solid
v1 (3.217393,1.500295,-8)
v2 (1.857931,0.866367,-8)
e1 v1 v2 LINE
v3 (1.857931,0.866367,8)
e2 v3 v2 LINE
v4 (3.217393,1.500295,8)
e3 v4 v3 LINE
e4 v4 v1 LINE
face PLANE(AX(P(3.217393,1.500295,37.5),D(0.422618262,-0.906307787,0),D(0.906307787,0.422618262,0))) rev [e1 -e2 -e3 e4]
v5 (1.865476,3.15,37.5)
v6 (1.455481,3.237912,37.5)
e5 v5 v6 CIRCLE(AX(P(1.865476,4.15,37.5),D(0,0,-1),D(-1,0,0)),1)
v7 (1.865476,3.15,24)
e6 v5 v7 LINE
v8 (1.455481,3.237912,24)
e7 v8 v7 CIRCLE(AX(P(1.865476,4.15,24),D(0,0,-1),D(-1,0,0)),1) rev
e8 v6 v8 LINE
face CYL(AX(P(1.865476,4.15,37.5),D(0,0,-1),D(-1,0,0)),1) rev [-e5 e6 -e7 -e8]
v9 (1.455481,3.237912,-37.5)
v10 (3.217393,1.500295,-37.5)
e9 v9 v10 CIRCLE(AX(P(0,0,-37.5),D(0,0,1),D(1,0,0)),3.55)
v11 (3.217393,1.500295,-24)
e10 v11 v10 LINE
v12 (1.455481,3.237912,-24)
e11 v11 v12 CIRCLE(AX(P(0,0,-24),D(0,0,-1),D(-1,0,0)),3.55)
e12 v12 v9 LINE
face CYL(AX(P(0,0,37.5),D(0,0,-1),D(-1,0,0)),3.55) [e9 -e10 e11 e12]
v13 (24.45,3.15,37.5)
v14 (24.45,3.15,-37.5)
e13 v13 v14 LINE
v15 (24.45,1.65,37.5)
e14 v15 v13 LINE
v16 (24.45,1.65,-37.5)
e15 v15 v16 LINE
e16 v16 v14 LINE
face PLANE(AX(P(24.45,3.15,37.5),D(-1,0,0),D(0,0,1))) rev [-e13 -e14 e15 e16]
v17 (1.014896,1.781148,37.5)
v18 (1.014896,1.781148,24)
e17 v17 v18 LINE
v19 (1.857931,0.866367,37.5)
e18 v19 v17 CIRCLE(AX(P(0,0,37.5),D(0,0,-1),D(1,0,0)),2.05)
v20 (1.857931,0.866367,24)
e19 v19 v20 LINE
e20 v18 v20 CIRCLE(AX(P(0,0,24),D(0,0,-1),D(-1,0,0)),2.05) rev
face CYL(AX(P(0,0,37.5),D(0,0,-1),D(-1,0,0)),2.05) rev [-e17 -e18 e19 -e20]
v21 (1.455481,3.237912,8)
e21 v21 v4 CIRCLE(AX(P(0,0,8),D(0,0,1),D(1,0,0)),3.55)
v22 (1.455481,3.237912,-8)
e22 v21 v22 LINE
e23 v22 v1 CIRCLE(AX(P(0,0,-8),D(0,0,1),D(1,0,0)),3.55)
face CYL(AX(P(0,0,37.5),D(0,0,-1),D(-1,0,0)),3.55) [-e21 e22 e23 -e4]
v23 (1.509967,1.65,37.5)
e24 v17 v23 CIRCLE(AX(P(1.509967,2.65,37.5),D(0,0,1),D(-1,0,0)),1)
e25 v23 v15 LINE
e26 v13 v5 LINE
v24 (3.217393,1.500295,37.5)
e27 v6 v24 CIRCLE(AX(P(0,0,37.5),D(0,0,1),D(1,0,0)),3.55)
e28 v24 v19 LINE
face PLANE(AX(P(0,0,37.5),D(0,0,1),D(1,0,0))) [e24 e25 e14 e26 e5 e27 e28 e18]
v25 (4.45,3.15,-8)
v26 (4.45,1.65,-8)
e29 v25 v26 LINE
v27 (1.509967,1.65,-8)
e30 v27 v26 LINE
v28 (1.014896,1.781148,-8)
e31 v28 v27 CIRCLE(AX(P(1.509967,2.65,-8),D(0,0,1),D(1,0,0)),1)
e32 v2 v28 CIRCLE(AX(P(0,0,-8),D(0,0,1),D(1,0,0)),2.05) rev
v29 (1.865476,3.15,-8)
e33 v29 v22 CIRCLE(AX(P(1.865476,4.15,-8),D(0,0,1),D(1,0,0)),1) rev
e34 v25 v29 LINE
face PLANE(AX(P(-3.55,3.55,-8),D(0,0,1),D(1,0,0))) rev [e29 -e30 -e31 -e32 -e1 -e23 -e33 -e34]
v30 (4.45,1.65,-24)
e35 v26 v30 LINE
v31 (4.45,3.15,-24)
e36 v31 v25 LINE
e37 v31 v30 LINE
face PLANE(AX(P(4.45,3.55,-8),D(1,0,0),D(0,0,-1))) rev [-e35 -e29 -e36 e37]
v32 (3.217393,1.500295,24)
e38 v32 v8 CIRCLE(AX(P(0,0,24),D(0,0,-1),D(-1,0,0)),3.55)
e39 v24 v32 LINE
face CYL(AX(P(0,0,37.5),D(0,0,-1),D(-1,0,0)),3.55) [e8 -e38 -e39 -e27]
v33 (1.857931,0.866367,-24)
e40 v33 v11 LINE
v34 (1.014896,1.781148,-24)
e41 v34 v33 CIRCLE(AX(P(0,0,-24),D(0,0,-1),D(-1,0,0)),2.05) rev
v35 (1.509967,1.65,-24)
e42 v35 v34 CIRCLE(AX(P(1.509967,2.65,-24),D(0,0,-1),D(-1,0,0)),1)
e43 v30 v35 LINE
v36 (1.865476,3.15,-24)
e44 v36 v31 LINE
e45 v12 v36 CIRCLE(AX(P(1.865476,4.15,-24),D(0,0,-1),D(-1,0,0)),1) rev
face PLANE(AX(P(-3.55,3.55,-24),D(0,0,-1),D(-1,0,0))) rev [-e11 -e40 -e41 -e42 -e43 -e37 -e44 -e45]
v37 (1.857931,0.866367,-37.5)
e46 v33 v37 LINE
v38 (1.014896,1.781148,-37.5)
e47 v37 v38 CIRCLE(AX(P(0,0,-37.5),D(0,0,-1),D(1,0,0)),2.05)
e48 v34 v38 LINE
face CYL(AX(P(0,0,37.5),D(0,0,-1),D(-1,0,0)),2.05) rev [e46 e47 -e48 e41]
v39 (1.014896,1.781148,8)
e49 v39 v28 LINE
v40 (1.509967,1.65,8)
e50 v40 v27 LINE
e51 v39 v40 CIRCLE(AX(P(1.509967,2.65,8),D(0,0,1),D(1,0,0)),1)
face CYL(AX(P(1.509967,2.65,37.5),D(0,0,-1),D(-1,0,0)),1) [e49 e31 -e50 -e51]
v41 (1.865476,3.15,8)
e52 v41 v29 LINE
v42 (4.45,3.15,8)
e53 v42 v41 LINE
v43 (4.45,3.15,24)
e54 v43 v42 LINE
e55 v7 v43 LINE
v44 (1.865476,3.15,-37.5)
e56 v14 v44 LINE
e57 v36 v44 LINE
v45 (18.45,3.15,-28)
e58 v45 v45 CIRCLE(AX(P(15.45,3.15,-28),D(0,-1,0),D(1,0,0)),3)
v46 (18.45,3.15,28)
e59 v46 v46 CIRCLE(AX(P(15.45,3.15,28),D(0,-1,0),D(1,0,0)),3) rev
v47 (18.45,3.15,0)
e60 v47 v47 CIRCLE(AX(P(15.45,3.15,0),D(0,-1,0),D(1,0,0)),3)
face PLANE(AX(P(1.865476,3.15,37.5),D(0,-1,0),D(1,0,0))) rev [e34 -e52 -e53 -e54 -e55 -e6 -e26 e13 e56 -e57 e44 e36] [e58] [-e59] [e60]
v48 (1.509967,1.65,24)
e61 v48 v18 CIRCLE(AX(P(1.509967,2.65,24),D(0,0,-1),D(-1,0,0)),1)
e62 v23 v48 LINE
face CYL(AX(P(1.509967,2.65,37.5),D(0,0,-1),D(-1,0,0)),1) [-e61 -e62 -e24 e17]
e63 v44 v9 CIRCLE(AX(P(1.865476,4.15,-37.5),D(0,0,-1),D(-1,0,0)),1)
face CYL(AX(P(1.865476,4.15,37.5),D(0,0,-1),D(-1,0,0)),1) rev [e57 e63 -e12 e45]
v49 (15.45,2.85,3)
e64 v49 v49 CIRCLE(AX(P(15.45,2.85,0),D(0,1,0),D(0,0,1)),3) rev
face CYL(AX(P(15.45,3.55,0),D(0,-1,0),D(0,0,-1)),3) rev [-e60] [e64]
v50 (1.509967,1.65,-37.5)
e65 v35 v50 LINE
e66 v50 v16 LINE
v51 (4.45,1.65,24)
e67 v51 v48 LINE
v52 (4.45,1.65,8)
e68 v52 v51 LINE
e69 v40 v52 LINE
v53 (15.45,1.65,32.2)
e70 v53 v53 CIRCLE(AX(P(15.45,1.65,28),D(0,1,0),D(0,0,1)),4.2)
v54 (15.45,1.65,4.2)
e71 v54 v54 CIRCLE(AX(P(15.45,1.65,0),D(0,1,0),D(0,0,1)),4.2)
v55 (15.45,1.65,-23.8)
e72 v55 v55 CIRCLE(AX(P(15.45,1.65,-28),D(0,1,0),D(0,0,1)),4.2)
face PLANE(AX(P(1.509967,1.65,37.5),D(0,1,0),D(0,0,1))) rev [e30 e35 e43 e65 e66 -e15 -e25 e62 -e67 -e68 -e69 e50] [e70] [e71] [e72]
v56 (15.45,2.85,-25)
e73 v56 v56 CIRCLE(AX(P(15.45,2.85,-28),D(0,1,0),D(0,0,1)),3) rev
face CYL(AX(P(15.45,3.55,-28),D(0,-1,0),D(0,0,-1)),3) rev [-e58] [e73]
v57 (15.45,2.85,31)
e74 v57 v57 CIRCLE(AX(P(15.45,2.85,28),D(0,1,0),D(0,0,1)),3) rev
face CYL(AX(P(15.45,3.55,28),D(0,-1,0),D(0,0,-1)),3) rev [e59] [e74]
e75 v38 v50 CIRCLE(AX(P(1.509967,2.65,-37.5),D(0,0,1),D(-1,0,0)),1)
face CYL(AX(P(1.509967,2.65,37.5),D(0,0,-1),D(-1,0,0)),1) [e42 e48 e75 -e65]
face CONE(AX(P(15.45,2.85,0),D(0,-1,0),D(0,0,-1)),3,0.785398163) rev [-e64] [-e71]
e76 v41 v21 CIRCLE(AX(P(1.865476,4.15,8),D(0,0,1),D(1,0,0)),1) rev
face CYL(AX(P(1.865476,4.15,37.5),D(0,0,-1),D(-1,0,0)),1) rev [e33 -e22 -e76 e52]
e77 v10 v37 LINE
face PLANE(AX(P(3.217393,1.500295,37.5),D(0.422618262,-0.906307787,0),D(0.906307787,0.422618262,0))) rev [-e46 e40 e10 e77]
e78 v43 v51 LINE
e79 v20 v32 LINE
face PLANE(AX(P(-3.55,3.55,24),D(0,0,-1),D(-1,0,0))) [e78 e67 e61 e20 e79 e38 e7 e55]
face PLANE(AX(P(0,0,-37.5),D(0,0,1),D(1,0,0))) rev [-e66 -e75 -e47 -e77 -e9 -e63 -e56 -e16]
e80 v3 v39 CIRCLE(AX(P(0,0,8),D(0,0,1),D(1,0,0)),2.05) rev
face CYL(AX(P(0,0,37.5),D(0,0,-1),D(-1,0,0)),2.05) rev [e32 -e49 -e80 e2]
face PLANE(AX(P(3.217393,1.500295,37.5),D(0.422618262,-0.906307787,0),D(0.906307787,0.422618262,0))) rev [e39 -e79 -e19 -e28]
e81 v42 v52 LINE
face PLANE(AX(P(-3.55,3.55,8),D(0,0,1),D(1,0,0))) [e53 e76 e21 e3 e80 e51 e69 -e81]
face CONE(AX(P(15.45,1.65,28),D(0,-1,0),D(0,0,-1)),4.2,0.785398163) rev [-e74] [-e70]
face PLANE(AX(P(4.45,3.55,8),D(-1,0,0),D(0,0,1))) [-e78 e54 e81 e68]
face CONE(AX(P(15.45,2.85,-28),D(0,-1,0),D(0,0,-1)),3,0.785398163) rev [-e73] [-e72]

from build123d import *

# Parameters (mm, degrees)
BOSS_EXTRUDE1_DEPTH     = 37.5
SKETCH4_R               = 3
CUT_EXTRUDE3_DEPTH      = 46.067643604
LPATTERN1_COUNT         = 2
LPATTERN1_PITCH         = 28
MIRROR1_COPY_1_SKETCH_R = 3
MIRROR1_COPY_1_DEPTH    = 46.067643604
MIRROR1_COPY_2_SKETCH_R = 3
MIRROR1_COPY_2_DEPTH    = 46.067643604
CHAMFER1_SIZE           = 1.2
SKETCH2_W               = 8
SKETCH2_H               = 16
CUT_EXTRUDE4_DEPTH      = 46.067643604


with BuildPart() as part:
    # Sketch1 → Boss-Extrude1 (new, symmetric)
    with BuildSketch(Plane.XY):
        with BuildLine():
            Line((1.865475811, 3.15), (24.45, 3.15))
            Line((24.45, 3.15), (24.45, 1.65))
            Line((24.45, 1.65), (1.509966887, 1.65))
            ThreePointArc((1.509966887, 1.65), (1.253893127, 1.683342755), (1.014895777, 1.781147541))
            ThreePointArc((1.014895777, 1.781147541), (-1.507477704, -1.389248347), (1.857930963, 0.866367437))
            Line((1.857930963, 0.866367437), (3.217392644, 1.500294829))
            ThreePointArc((3.217392644, 1.500294829), (-2.492742617, -2.527594557), (1.455481127, 3.237912088))
            ThreePointArc((1.455481127, 3.237912088), (1.655818843, 3.172224997), (1.865475811, 3.15))
        make_face()
    extrude(amount=BOSS_EXTRUDE1_DEPTH, both=True)

    # Sketch4 → Cut-Extrude3 (cut, through all)
    with BuildSketch(Plane.XZ.offset(-1.65)):
        with Locations(Location((15.45, 0, 0), (0, 0, 270))):
            Circle(SKETCH4_R)
    cut_extrude3 = extrude(amount=-CUT_EXTRUDE3_DEPTH, mode=Mode.SUBTRACT)

    # LPattern1: Cut-Extrude3 ×2
    with Locations(*[(0, 0, -i * LPATTERN1_PITCH) for i in range(1, LPATTERN1_COUNT)]):
        add(cut_extrude3, mode=Mode.SUBTRACT)

    # Mirror1 copy 1 sketch → Mirror1 copy 1 (cut, through all)
    with BuildSketch(Plane(origin=(0, 1.65, 28), x_dir=(1, 0, 0), z_dir=(0, -1, 0))):
        with Locations((15.45, 0)):
            Circle(MIRROR1_COPY_1_SKETCH_R)
    extrude(amount=-MIRROR1_COPY_1_DEPTH, mode=Mode.SUBTRACT)

    # Mirror1 copy 2 sketch → Mirror1 copy 2 (cut, through all)
    with BuildSketch(Plane.XZ.offset(-1.65)):
        with Locations((15.45, 0)):
            Circle(MIRROR1_COPY_2_SKETCH_R)
    extrude(amount=-MIRROR1_COPY_2_DEPTH, mode=Mode.SUBTRACT)

    # Chamfer1
    chamfer1_edges = [part.edges().sort_by_distance(p)[0] for p in [
        (15.45, 1.65, 3),
        (15.45, 1.65, -25),
        (12.45, 1.65, 28),
    ]]
    chamfer(chamfer1_edges, length=CHAMFER1_SIZE)

    # Sketch2 → Cut-Extrude4 (cut, symmetric)
    with BuildSketch(Plane.XZ.offset(-1.65)):
        with Locations((0.45, -16)):
            Rectangle(SKETCH2_W, SKETCH2_H)
    cut_extrude4 = extrude(amount=CUT_EXTRUDE4_DEPTH, both=True, mode=Mode.SUBTRACT)

    # Mirror2: Cut-Extrude4 across plane
    add(cut_extrude4.mirror(Plane.XY), mode=Mode.SUBTRACT)


solid = part.part
